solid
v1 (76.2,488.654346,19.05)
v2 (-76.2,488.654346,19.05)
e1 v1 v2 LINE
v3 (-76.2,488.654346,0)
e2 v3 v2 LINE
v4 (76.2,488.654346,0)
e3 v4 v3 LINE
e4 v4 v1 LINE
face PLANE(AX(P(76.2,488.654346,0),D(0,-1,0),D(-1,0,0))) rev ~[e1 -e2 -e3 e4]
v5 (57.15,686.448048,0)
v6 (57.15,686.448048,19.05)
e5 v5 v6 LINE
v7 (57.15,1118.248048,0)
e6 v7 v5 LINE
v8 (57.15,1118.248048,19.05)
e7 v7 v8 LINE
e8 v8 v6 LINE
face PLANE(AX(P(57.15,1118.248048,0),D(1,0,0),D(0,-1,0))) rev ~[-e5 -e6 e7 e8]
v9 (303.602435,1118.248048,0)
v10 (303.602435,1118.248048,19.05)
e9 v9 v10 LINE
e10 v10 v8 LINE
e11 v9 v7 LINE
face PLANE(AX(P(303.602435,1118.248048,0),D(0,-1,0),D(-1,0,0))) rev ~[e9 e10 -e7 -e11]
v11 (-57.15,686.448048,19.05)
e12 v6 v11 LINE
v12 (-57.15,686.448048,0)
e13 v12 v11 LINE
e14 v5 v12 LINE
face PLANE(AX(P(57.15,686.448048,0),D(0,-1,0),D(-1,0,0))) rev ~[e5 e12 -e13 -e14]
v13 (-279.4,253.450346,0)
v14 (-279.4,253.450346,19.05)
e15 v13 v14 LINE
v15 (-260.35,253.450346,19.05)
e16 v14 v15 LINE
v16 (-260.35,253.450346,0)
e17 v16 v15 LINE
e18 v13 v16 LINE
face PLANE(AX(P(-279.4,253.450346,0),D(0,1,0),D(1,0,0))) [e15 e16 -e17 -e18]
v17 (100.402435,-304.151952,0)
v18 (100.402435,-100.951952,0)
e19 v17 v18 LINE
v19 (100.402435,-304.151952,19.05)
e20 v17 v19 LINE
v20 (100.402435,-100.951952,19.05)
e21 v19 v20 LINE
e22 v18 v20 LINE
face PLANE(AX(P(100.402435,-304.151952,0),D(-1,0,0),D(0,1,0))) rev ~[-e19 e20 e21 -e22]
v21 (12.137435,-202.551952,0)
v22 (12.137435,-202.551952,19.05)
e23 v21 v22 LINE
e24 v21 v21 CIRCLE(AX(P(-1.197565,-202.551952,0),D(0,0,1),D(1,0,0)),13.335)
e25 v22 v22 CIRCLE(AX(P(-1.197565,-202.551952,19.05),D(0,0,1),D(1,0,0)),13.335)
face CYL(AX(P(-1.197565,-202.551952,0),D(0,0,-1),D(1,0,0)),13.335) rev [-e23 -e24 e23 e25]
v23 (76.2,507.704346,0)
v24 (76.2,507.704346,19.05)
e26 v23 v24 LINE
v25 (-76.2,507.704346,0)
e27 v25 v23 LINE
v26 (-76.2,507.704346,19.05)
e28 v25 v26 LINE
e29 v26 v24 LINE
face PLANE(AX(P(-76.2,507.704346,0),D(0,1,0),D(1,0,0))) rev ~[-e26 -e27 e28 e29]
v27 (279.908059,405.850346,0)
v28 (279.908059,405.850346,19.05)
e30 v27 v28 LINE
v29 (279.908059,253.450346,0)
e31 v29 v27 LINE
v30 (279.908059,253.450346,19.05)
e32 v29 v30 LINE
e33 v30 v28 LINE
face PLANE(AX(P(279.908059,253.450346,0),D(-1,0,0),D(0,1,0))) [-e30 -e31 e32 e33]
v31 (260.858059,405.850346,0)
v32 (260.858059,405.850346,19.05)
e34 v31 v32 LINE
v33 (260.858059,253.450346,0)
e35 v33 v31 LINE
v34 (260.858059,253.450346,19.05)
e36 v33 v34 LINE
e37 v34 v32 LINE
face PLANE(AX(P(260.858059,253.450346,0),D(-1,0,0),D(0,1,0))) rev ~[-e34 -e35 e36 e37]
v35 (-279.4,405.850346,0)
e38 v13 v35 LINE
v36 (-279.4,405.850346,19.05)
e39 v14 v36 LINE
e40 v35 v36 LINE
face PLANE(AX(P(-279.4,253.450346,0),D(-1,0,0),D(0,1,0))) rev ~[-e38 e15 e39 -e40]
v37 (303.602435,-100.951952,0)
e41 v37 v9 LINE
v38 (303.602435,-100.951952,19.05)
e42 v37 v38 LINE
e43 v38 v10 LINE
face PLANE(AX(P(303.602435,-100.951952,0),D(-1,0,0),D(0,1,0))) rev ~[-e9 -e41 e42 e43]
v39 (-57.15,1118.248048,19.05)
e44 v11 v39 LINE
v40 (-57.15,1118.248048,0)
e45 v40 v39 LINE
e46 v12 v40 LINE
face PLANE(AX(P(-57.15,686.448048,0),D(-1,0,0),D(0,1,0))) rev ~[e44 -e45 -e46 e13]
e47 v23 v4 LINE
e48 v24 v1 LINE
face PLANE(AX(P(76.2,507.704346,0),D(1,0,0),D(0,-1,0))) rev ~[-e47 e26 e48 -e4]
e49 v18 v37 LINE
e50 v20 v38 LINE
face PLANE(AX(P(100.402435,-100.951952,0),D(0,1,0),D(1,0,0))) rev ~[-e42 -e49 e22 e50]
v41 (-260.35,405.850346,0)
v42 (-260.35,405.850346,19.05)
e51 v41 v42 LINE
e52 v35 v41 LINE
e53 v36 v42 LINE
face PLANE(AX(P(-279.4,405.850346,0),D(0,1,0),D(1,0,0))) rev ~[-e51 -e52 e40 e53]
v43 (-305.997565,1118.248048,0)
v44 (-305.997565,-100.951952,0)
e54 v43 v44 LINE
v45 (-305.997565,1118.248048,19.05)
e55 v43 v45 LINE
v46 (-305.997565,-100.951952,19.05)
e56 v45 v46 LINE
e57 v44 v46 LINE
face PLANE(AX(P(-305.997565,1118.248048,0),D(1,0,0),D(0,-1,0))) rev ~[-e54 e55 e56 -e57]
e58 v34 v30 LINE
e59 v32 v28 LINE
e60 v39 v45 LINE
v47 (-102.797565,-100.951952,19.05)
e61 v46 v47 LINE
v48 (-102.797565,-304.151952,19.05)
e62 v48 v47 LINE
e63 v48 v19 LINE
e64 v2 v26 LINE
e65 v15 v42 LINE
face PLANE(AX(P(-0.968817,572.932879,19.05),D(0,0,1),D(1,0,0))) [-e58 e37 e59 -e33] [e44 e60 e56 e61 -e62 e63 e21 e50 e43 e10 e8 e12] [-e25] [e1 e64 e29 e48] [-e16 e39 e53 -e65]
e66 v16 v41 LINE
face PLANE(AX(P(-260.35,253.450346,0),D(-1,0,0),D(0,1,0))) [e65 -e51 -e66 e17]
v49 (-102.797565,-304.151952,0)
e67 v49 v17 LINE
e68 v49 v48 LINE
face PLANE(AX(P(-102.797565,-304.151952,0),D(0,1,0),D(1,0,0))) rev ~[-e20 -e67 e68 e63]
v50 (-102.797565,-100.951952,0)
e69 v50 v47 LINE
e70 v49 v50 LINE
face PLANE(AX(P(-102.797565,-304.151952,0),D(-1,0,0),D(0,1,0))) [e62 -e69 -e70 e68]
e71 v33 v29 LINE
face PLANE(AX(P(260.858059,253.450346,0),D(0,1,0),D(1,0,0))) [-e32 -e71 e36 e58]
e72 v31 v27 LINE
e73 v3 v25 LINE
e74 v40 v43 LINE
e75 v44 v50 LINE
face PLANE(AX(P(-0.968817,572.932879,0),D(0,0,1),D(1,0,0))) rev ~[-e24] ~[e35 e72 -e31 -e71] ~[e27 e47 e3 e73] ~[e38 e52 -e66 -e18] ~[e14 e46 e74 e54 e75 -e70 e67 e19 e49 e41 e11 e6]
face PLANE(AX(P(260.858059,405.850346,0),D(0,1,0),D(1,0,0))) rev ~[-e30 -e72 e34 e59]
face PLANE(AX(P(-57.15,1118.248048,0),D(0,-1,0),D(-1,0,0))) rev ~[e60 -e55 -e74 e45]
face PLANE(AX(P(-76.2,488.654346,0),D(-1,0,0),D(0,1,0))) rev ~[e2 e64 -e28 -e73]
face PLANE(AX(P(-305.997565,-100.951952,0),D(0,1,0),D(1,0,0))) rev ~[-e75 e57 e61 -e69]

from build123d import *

# Parameters (mm, degrees)
F0_W     = 19.05
F0_H     = 152.4
F0_W_2   = 203.2
F0_H_2   = 203.2
F0_R     = 13.335
F1_DEPTH = 19.05


with BuildPart() as f1:
    # F0 (on Top) → F1 (new body)
    with BuildSketch(Plane.XY):
        Polygon((-305.997565, 1118.248048), (-305.997565, -100.951952), (-102.797565, -100.951952), (100.402435, -100.951952), (303.602435, -100.951952), (303.602435, 1118.248048), (57.15, 1118.248048), (57.15, 686.448048), (-57.15, 686.448048), (-57.15, 1118.248048), align=None)
        with Locations((-269.875, 329.650346)):
            Rectangle(F0_W, F0_H, mode=Mode.SUBTRACT)
        with Locations((270.383059, 329.650346)):
            Rectangle(F0_W, F0_H, mode=Mode.SUBTRACT)
        Polygon((76.2, 507.704346), (76.2, 498.179346), (76.2, 488.654346), (-76.2, 488.654346), (-76.2, 498.179346), (-76.2, 507.704346), align=None, mode=Mode.SUBTRACT)
        with Locations((-1.197565, -202.551952)):
            Rectangle(F0_W_2, F0_H_2)
        with Locations((-1.197565, -202.551952)):
            Circle(F0_R, mode=Mode.SUBTRACT)
    extrude(amount=F1_DEPTH)


solid = f1.part
